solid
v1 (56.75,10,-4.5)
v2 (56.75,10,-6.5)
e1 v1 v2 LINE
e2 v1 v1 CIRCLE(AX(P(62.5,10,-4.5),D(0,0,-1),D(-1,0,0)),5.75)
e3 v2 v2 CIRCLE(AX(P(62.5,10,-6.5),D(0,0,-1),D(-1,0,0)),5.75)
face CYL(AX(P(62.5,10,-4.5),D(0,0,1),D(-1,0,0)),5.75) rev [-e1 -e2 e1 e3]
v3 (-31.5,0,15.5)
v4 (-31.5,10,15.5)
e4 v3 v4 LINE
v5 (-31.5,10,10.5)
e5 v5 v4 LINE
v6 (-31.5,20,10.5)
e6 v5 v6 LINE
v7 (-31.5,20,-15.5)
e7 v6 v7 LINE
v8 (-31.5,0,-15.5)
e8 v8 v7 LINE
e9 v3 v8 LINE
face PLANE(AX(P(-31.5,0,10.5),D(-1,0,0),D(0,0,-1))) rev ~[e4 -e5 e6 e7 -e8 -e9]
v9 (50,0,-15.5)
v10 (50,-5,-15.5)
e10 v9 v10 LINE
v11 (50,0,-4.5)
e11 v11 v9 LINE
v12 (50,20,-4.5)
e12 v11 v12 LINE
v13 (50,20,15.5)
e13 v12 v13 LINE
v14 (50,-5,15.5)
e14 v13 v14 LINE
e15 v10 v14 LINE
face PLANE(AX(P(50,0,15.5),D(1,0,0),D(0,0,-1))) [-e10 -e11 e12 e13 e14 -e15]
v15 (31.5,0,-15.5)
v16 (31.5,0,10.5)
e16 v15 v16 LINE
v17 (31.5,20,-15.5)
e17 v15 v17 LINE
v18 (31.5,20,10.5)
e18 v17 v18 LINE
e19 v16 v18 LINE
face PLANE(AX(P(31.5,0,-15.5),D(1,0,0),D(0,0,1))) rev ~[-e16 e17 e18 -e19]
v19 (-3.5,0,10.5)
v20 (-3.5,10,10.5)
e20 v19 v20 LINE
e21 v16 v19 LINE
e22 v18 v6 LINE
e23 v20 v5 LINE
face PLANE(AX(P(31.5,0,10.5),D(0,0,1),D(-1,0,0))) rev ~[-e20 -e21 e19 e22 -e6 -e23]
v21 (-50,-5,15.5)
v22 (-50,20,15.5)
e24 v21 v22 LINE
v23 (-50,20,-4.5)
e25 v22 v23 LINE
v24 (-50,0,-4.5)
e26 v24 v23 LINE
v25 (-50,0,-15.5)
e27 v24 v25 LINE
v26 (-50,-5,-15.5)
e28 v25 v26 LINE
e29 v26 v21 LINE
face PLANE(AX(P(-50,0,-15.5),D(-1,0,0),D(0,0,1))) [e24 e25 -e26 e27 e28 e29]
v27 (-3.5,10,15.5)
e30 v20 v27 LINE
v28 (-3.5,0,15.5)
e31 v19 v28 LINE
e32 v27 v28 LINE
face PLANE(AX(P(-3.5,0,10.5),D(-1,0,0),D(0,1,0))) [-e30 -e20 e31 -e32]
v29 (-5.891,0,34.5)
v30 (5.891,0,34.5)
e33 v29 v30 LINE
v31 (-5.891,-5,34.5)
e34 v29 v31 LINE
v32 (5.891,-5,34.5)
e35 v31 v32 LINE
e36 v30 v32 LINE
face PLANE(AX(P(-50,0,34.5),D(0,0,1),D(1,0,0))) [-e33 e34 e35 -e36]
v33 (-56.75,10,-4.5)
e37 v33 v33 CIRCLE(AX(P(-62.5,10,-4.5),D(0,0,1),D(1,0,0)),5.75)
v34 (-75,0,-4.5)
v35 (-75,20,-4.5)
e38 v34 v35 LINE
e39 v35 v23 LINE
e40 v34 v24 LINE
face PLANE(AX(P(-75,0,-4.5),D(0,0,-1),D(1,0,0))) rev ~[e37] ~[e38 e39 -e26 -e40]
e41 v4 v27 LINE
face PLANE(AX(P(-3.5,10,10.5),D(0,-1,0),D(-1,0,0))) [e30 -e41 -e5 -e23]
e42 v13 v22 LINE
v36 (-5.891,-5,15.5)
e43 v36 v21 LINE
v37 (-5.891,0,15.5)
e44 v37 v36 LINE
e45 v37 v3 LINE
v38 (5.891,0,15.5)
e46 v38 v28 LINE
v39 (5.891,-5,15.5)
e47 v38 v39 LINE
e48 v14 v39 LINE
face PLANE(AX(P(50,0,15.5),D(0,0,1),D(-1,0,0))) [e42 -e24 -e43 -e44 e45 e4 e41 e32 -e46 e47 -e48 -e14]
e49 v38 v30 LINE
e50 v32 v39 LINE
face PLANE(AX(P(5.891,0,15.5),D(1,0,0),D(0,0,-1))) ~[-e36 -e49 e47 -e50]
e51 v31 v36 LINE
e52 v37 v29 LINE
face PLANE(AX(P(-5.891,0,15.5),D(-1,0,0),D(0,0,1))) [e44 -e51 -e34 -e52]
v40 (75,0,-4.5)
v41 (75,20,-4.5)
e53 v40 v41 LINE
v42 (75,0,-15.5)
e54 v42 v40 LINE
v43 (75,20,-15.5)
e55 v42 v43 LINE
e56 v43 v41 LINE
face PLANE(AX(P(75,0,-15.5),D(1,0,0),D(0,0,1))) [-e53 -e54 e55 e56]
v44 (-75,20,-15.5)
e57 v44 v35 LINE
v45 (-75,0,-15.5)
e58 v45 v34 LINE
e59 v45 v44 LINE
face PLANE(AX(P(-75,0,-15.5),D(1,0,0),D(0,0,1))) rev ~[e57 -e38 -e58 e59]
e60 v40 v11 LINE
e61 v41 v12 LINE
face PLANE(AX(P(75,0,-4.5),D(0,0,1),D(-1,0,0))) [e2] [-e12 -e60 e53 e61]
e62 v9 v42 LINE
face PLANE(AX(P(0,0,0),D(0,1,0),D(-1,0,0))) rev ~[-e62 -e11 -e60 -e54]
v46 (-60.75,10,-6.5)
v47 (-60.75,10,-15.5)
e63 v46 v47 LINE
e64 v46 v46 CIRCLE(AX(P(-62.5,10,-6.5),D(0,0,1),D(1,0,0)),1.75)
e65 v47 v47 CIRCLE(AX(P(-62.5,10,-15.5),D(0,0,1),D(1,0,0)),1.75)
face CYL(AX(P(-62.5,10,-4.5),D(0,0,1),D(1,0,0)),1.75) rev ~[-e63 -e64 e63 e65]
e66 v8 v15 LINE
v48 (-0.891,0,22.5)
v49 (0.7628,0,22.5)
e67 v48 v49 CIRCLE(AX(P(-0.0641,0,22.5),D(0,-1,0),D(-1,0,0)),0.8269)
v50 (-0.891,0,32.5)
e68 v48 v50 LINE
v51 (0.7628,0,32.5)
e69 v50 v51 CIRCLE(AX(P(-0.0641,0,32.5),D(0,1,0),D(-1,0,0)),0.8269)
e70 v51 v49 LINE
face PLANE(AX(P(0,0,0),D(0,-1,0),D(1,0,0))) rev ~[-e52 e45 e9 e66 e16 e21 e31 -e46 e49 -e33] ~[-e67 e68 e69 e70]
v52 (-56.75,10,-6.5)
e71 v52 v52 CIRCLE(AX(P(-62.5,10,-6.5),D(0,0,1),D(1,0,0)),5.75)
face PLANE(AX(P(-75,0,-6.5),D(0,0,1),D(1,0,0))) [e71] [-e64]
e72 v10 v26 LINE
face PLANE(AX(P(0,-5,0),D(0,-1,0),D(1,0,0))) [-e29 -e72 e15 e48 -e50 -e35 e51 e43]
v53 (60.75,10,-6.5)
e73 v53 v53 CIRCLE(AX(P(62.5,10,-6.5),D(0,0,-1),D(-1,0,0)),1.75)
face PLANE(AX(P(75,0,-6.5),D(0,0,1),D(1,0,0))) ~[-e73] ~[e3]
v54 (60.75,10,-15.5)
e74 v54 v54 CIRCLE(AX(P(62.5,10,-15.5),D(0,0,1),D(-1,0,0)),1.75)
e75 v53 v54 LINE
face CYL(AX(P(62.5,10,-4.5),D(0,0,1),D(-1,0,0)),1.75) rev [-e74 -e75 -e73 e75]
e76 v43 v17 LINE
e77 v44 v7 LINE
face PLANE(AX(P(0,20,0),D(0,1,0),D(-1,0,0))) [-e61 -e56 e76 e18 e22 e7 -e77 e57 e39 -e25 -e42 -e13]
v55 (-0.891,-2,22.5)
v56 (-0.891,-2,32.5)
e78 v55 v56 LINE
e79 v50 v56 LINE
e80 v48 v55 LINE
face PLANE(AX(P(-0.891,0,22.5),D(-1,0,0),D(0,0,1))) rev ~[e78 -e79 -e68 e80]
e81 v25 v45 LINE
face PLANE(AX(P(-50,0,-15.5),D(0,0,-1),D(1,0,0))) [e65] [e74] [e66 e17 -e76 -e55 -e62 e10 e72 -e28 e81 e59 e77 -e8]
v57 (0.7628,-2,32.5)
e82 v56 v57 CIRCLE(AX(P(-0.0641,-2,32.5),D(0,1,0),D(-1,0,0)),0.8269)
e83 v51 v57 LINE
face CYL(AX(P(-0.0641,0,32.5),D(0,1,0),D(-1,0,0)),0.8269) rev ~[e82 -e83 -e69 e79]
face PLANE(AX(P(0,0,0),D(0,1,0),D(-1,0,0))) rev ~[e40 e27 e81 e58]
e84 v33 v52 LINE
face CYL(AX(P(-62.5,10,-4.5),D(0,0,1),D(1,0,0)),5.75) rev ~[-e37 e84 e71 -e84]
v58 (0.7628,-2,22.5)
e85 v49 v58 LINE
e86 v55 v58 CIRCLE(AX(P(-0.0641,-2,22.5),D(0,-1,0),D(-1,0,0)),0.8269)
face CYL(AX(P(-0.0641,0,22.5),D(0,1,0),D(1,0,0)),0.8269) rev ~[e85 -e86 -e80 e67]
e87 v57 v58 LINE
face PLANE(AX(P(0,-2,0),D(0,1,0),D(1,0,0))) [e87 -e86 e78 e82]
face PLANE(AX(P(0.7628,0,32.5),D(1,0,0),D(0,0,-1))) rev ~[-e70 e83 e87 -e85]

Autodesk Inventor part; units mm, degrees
ref_plane "YZ Plane" through (0, 0, 0) normal (1, 0, 0) x (0, 1, 0)
ref_plane "XZ Plane" through (0, 0, 0) normal (0, 1, 0) x (-1, 0, 0)
ref_plane "XY Plane" through (0, 0, 0) normal (0, 0, 1) x (1, 0, 0)
sketch "Sketch1" plane through (0, 0, 0) normal (0, 1, 0) x (-1, 0, 0)
  line L0 (50, -15.5) -> (-50, -15.5)
  line L1 (-50, -15.5) -> (-50, 15.5)
  line L2 (-50, 15.5) -> (50, 15.5)
  line L3 (50, 15.5) -> (50, -15.5)
  line L4 (31.5, -15.5) -> (-31.5, -15.5)
  line L5 (-31.5, -15.5) -> (-31.5, 10.5)
  line L6 (-31.5, 10.5) -> (31.5, 10.5)
  line L7 (31.5, 10.5) -> (31.5, -15.5)
  line L8 (50, -15.5) -> (75, -15.5)
  line L9 (75, -15.5) -> (75, -4.5)
  line L10 (75, -4.5) -> (50, -4.5)
  line L11 (50, -4.5) -> (50, -15.5)
  line L12 (0, 0) -> (0, -15.5)
  line L13 (-50, -15.5) -> (-75, -15.5)
  line L14 (-75, -15.5) -> (-75, -4.5)
  line L15 (-75, -4.5) -> (-50, -4.5)
  point P0 (-50, -4.5)
  point P1 (-31.5, -15.5)
  dimension "d0" = 100
  dimension "d1" = 50
  dimension "d2" = 31
  dimension "d3" = 15.5
  dimension "d4" = 26
  dimension "d5" = 63
  dimension "d6" = 31.5
  dimension "d7" = 11
  dimension "d8" = 25
extrude "Extrusion1" add sketch "Sketch1" along normal blind 20 contours L0 L7 L6 L5 L1 L2 L3 | L3 L10 L9 L8 | L13 L14 L15 L1
sketch "Sketch2" plane through (-75, 0, -4.5) normal (0, 0, 1) x (1, 0, 0)
  line L0 (0, 0) -> (25, 0) projected
  line L1 (25, 0) -> (25, 20) projected
  line L2 (0, 20) -> (25, 20) projected
  line L3 (0, 0) -> (0, 20) projected
  circle A0 centre (12.5, 10) radius 1.75
  circle A1 centre (12.5, 10) radius 5.75
  point P0 (75, 0)
  dimension "d11" = 3.5
  dimension "d12" = 11.5
extrude "Extrusion2" cut sketch "Sketch2" against normal through all contours A0
extrude "Extrusion3" cut sketch "Sketch2" against normal blind 2 contours A1
mirror "Mirror1" about plane through (0, 0, 0) normal (1, 0, 0) of "Extrusion3", "Extrusion2"
sketch "Sketch4" plane through (0, 0, 0) normal (0, -1, 0) x (1, 0, 0)
  line L0 (-31.5, -15.5) -> (-75, -15.5) projected
  line L1 (-31.5, 10.5) -> (-31.5, -15.5) projected
  line L2 (31.5, 10.5) -> (-31.5, 10.5) projected
  line L3 (31.5, -15.5) -> (31.5, 10.5) projected
  line L4 (75, -15.5) -> (31.5, -15.5) projected
  line L5 (75, -4.5) -> (75, -15.5) projected
  line L6 (50, -4.5) -> (75, -4.5) projected
  line L7 (50, 15.5) -> (50, -4.5) projected
  line L8 (-50, 15.5) -> (50, 15.5) projected
  line L9 (-50, -4.5) -> (-50, 15.5) projected
  line L10 (-75, -4.5) -> (-50, -4.5) projected
  line L11 (-75, -15.5) -> (-75, -4.5) projected
  line L12 (75, -15.5) -> (31.5, -15.5) projected
  line L13 (50, -15.5) -> (-50, -15.5)
  line L14 (-50, -15.5) -> (-50, 34.5)
  line L15 (-50, 34.5) -> (50, 34.5)
  line L16 (50, 34.5) -> (50, -15.5)
  point P0 (0, 0)
  dimension "d22" = 100
  dimension "d23" = 50
extrude "Extrusion5" add sketch "Sketch4" along normal blind 5 contours L0 L14 L9 L8 L7 L16 L4 L3 L2 L1 | L1 L2 L3 L13 | L14 L15 L16 L8
sketch "Sketch5" plane through (31.5, 20, 10.5) normal (0, 0, -1) x (-1, 0, 0)
  line L0 (63, -20) -> (0, -20) projected
  line L1 (63, -20) -> (35, -20)
  line L2 (35, -20) -> (35, -10)
  line L3 (35, -10) -> (63, -10)
  line L4 (63, -10) -> (63, -20)
  point P0 (31.5, -20)
  dimension "d26" = 28
  dimension "d27" = 10
extrude "Extrusion6" cut sketch "Sketch5" against normal blind 57
sketch "Sketch6" plane through (0, 0, 0) normal (0, 1, 0) x (1, 0, 0)
  line L0 (-50, -15.5) -> (-31.5, -15.5) projected
  line L1 (-50, -34.5) -> (-50, -15.5) projected
  line L2 (50, -34.5) -> (-50, -34.5) projected
  line L3 (50, -15.5) -> (50, -34.5) projected
  line L4 (-3.5, -15.5) -> (50, -15.5) projected
  line L5 (-3.5, -10.5) -> (-3.5, -15.5) projected
  line L6 (31.5, -10.5) -> (-3.5, -10.5) projected
  line L7 (31.5, 15.5) -> (31.5, -10.5) projected
  line L8 (-31.5, 15.5) -> (31.5, 15.5) projected
  line L9 (-31.5, 15.5) -> (-31.5, -15.5) projected
  line L10 (-0.0641, -15.5) -> (-0.0641, -32.5)
  line L11 (-0.0641, -32.5) -> (-0.0641, -22.5) construction
  line L12 (0.7628, -32.5) -> (0.7628, -22.5)
  line L13 (-0.891, -22.5) -> (-0.891, -32.5)
  arc A0 (-0.891, -32.5) -> (0.7628, -32.5) centre (-0.0641, -32.5) ccw
  arc A1 (0.7628, -22.5) -> (-0.891, -22.5) centre (-0.0641, -22.5) ccw
  point P0 (0, 0)
  point P1 (-0.0641, -27.5)
  dimension "d36" = 10
  dimension "d37" = 2
extrude "Extrusion7" cut sketch "Sketch6" against normal blind 2 contours A1 L12 A0 L13
sketch "Sketch7" plane through (0, 0, 0) normal (0, 1, 0) x (1, 0, 0)
  line L0 (-3.5, -10.5) -> (-3.5, -15.5) projected
  arc A0 (-0.891, -32.5) -> (0.7628, -32.5) centre (-0.0641, -32.5) ccw projected
  line L1 (-0.891, -32.5) -> (-0.891, -22.5) projected
  arc A1 (0.7628, -22.5) -> (-0.891, -22.5) centre (-0.0641, -22.5) ccw projected
  line L2 (0.7628, -22.5) -> (0.7628, -32.5) projected
  line L3 (-50, -15.5) -> (-31.5, -15.5) projected
  line L4 (-50, -34.5) -> (-50, -15.5) projected
  line L5 (50, -34.5) -> (-50, -34.5) projected
  line L6 (50, -15.5) -> (50, -34.5) projected
  line L7 (-3.5, -15.5) -> (50, -15.5) projected
  line L8 (-3.5, -10.5) -> (-3.5, -15.5) projected
  line L9 (31.5, -10.5) -> (-3.5, -10.5) projected
  line L10 (31.5, 15.5) -> (31.5, -10.5) projected
  line L11 (-31.5, 15.5) -> (31.5, 15.5) projected
  line L12 (-31.5, 15.5) -> (-31.5, -15.5) projected
  line L13 (-3.5, -15.5) -> (50, -15.5) projected
  line L14 (50, -34.5) -> (-50, -34.5) projected
  line L15 (-3.5, -15.5) -> (-50, -15.5)
  line L16 (-50, -15.5) -> (-50, -34.5)
  line L17 (-50, -34.5) -> (-3.5, -34.5)
  line L18 (-3.5, -34.5) -> (-3.5, -15.5)
  line L19 (-50, -15.5) -> (50, -15.5) projected
  line L20 (-5.891, -34.5) -> (-50, -34.5)
  line L21 (-50, -34.5) -> (-50, -15.5)
  line L22 (-50, -15.5) -> (-5.891, -15.5)
  line L23 (-5.891, -15.5) -> (-5.891, -34.5)
  point P0 (0, 0)
  point P1 (-5.891, -34.5)
  point P2 (-5.891, -15.5)
  dimension "d32" = 5
extrude "Extrusion8" cut sketch "Sketch7" against normal blind 24.25 contours L23 L5 L4 L3 L15
mirror "Mirror2" about plane through (0, 0, 0) normal (1, 0, 0) of "Extrusion8"
sketch "Sketch10" plane through (0, 0, 0) normal (0, 1, 0) x (1, 0, 0)
  line L0 (-3.5, -10.5) -> (-3.5, -15.5) projected
  arc A0 (0.7628, -22.5) -> (-0.891, -22.5) centre (-0.0641, -22.5) ccw projected
  line L1 (0.7628, -22.5) -> (0.7628, -32.5) projected
  arc A1 (-0.891, -32.5) -> (0.7628, -32.5) centre (-0.0641, -32.5) ccw projected
  line L2 (-0.891, -32.5) -> (-0.891, -22.5) projected
  line L3 (5.891, -34.5) -> (5.891, -15.5) projected
  line L4 (-3.5, -15.5) -> (5.891, -15.5) projected
  line L5 (-3.5, -10.5) -> (-3.5, -15.5) projected
  line L6 (31.5, -10.5) -> (-3.5, -10.5) projected
  line L7 (31.5, 15.5) -> (31.5, -10.5) projected
  line L8 (-31.5, 15.5) -> (31.5, 15.5) projected
  line L9 (-31.5, 15.5) -> (-31.5, -15.5) projected
  line L10 (-31.5, -15.5) -> (-5.891, -15.5) projected
  line L11 (-5.891, -15.5) -> (-5.891, -34.5) projected
  line L12 (5.891, -34.5) -> (-5.891, -34.5) projected
  line L13 (-3.5, -15.5) -> (3.4148, -15.5)
  line L14 (3.4148, -15.5) -> (3.4148, -19.7081)
  line L15 (3.4148, -19.7081) -> (-3.5, -19.7081)
  line L16 (-3.5, -19.7081) -> (-3.5, -15.5)
  point P0 (0, 0)
equation "\"d1\" = 0.5 * d0"
equation "\"d3\" = 0.5 * d2"
equation "\"d6\" = 0.5 * d5"
properties part number "blah"
